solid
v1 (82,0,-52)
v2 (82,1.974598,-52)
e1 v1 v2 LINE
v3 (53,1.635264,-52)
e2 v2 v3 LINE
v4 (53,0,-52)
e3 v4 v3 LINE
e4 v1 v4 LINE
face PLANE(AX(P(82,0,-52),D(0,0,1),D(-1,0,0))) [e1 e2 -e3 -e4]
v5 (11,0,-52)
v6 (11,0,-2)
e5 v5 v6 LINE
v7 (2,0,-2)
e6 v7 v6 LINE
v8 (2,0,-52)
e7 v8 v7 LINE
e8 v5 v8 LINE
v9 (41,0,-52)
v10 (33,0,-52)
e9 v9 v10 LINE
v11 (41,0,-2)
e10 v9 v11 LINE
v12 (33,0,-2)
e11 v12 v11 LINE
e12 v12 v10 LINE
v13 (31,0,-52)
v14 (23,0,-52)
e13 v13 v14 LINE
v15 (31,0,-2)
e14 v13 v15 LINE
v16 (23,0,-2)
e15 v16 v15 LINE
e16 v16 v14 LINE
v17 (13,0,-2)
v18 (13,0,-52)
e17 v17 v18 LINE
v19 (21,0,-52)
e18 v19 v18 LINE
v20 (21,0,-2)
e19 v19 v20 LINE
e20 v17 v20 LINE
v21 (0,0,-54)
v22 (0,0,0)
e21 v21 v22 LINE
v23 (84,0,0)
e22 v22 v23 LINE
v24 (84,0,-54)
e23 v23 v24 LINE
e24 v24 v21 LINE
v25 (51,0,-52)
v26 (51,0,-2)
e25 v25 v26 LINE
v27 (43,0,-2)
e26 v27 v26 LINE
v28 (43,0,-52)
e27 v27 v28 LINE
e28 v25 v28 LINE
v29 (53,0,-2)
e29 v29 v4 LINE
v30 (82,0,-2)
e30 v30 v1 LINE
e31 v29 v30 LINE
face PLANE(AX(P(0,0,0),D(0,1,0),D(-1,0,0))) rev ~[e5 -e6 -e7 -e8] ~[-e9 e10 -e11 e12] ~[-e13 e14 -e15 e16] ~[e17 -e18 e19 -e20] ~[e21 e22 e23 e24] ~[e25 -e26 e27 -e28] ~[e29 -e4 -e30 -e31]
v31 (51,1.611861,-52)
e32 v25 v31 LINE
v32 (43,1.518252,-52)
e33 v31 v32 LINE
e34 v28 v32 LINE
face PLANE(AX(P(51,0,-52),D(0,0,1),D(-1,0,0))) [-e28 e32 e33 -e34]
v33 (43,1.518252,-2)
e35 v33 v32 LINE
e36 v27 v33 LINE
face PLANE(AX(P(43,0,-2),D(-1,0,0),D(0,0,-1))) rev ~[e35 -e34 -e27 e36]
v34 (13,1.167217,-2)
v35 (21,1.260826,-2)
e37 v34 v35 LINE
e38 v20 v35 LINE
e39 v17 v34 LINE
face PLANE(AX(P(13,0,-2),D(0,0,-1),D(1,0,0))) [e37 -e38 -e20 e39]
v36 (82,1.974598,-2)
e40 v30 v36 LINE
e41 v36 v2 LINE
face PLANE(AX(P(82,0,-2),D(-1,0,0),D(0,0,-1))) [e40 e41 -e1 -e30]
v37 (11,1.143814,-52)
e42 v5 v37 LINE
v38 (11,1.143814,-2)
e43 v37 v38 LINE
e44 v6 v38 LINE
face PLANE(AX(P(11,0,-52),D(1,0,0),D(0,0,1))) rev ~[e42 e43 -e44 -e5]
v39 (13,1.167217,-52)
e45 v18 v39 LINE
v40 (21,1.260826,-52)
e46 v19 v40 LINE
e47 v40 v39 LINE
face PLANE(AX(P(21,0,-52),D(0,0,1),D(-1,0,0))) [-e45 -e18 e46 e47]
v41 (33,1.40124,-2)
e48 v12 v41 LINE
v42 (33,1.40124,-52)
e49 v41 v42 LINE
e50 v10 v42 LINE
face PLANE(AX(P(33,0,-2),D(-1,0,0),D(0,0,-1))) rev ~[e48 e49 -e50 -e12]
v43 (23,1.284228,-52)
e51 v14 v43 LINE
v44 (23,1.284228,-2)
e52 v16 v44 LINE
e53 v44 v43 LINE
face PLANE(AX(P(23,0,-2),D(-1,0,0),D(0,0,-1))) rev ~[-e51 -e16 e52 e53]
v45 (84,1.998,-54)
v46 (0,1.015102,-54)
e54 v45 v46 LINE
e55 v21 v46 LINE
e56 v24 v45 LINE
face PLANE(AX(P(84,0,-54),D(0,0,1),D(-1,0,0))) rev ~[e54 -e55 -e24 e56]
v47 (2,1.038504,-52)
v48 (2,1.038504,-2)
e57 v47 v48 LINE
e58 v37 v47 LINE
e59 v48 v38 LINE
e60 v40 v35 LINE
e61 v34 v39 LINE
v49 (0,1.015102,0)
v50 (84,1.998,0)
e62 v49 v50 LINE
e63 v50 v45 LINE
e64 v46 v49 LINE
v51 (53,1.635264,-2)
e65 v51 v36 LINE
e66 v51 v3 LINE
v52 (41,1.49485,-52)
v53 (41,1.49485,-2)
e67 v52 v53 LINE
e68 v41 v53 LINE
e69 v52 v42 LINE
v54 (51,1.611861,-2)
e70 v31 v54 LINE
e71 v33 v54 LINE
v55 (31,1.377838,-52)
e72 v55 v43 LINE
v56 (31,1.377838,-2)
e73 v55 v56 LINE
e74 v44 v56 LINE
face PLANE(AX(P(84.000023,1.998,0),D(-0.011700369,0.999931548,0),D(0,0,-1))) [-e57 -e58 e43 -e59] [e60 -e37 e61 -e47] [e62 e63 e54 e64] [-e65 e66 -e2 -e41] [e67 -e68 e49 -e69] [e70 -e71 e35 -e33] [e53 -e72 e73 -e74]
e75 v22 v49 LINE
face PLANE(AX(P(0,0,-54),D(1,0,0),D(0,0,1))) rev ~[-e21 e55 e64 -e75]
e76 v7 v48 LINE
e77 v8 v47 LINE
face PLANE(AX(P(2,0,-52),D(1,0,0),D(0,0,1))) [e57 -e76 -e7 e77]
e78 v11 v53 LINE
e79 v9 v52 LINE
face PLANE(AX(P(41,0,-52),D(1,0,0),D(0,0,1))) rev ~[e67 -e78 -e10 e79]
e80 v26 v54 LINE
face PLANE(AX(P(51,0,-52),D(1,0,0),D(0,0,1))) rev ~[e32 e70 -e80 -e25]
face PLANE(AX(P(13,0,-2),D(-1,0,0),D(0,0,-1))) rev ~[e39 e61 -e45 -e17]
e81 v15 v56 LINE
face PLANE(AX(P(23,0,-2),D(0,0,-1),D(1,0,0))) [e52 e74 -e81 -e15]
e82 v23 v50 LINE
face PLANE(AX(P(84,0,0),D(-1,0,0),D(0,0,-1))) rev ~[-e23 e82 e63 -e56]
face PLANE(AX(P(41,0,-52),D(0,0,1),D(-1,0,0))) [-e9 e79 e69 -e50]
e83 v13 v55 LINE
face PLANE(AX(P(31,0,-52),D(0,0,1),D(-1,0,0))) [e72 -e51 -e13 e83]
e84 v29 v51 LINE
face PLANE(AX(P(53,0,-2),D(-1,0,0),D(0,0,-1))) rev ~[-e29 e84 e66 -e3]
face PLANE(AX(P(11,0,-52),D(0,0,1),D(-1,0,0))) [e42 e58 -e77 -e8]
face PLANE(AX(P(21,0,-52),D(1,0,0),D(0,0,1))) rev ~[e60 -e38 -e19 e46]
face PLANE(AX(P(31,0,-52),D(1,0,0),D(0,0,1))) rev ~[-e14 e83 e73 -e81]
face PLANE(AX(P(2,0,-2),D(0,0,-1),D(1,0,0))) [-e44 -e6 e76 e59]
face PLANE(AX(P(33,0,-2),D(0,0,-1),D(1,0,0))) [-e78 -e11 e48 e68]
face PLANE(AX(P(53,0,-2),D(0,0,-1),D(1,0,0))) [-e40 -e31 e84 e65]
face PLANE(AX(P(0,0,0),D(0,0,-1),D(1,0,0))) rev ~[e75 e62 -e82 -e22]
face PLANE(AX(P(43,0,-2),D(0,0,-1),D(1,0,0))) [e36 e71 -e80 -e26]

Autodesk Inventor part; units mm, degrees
ref_plane "YZ Plane" through (0, 0, 0) normal (1, 0, 0) x (0, 1, 0)
ref_plane "XZ Plane" through (0, 0, 0) normal (0, 1, 0) x (-1, 0, 0)
ref_plane "XY Plane" through (0, 0, 0) normal (0, 0, 1) x (1, 0, 0)
sketch "Sketch1" plane through (0, 0, 0) normal (0, 1, 0) x (-1, 0, 0)
  line L0 (0, 0) -> (-84, 0)
  line L1 (-84, 0) -> (-84, -54)
  line L2 (-84, -54) -> (0, -54)
  line L3 (0, -54) -> (0, 0)
  line L4 (0, 0) -> (0, -2) construction
  line L5 (0, -2) -> (-2, -2) construction
  line L6 (-82, -2) -> (-82, -52)
  line L7 (-2, -52) -> (-2, -2)
  line L8 (-2, -52) -> (-11, -52) construction
  line L9 (-11, -2) -> (-11, -2)
  line L10 (-11, -52) -> (-11, -52)
  line L11 (-13, -2) -> (-13, -52)
  line L12 (-11, -52) -> (-11, -2)
  line L13 (-23, -2) -> (-23, -52)
  line L14 (-21, -52) -> (-21, -2)
  line L15 (-33, -2) -> (-33, -52)
  line L16 (-31, -52) -> (-31, -2)
  line L17 (-43, -2) -> (-43, -52)
  line L18 (-41, -52) -> (-41, -2)
  line L19 (-53, -2) -> (-53, -52)
  line L20 (-51, -52) -> (-51, -2)
  line L21 (-2, -2) -> (-11, -2)
  line L22 (-13, -2) -> (-21, -2)
  line L23 (-23, -2) -> (-31, -2)
  line L24 (-33, -2) -> (-41, -2)
  line L25 (-43, -2) -> (-51, -2)
  line L26 (-53, -2) -> (-82, -2)
  line L27 (-82, -52) -> (-53, -52)
  line L28 (-51, -52) -> (-43, -52)
  line L29 (-41, -52) -> (-33, -52)
  line L30 (-31, -52) -> (-23, -52)
  line L31 (-21, -52) -> (-13, -52)
  line L32 (-11, -52) -> (-2, -52)
  dimension "d0" = 84
  dimension "d1" = 54
  dimension "d3" = 2
  dimension "d4" = 80
  dimension "d5" = 50
  dimension "d7" = 2
  dimension "d8" = 9
  dimension "d9" = 2
  dimension "d10" = 19
  dimension "d11" = 2
  dimension "d12" = 29
  dimension "d14" = 2
  dimension "d15" = 39
  dimension "d16" = 2
  dimension "d17" = 49
extrude "Extrusion1" add sketch "Sketch1" along normal blind 2
ref_plane "Work Plane1" through (84, 2, 0) normal (-0.0117, 0.9999, 0) x (0, 0, -1)
sketch "Sketch2" plane through (84, 2, 0) normal (-0.0117, 0.9999, 0) x (0, 0, -1)
  line L0 (56, 88) -> (-2, 88)
  line L1 (-2, 88) -> (-2, -3)
  line L2 (-2, -3) -> (56, -3)
  line L3 (56, -3) -> (56, 88)
  point P0 (0, 84.0176)
extrude "Extrusion2" cut sketch "Sketch2" along normal blind 5.5
properties part number "wing0.3.0"
